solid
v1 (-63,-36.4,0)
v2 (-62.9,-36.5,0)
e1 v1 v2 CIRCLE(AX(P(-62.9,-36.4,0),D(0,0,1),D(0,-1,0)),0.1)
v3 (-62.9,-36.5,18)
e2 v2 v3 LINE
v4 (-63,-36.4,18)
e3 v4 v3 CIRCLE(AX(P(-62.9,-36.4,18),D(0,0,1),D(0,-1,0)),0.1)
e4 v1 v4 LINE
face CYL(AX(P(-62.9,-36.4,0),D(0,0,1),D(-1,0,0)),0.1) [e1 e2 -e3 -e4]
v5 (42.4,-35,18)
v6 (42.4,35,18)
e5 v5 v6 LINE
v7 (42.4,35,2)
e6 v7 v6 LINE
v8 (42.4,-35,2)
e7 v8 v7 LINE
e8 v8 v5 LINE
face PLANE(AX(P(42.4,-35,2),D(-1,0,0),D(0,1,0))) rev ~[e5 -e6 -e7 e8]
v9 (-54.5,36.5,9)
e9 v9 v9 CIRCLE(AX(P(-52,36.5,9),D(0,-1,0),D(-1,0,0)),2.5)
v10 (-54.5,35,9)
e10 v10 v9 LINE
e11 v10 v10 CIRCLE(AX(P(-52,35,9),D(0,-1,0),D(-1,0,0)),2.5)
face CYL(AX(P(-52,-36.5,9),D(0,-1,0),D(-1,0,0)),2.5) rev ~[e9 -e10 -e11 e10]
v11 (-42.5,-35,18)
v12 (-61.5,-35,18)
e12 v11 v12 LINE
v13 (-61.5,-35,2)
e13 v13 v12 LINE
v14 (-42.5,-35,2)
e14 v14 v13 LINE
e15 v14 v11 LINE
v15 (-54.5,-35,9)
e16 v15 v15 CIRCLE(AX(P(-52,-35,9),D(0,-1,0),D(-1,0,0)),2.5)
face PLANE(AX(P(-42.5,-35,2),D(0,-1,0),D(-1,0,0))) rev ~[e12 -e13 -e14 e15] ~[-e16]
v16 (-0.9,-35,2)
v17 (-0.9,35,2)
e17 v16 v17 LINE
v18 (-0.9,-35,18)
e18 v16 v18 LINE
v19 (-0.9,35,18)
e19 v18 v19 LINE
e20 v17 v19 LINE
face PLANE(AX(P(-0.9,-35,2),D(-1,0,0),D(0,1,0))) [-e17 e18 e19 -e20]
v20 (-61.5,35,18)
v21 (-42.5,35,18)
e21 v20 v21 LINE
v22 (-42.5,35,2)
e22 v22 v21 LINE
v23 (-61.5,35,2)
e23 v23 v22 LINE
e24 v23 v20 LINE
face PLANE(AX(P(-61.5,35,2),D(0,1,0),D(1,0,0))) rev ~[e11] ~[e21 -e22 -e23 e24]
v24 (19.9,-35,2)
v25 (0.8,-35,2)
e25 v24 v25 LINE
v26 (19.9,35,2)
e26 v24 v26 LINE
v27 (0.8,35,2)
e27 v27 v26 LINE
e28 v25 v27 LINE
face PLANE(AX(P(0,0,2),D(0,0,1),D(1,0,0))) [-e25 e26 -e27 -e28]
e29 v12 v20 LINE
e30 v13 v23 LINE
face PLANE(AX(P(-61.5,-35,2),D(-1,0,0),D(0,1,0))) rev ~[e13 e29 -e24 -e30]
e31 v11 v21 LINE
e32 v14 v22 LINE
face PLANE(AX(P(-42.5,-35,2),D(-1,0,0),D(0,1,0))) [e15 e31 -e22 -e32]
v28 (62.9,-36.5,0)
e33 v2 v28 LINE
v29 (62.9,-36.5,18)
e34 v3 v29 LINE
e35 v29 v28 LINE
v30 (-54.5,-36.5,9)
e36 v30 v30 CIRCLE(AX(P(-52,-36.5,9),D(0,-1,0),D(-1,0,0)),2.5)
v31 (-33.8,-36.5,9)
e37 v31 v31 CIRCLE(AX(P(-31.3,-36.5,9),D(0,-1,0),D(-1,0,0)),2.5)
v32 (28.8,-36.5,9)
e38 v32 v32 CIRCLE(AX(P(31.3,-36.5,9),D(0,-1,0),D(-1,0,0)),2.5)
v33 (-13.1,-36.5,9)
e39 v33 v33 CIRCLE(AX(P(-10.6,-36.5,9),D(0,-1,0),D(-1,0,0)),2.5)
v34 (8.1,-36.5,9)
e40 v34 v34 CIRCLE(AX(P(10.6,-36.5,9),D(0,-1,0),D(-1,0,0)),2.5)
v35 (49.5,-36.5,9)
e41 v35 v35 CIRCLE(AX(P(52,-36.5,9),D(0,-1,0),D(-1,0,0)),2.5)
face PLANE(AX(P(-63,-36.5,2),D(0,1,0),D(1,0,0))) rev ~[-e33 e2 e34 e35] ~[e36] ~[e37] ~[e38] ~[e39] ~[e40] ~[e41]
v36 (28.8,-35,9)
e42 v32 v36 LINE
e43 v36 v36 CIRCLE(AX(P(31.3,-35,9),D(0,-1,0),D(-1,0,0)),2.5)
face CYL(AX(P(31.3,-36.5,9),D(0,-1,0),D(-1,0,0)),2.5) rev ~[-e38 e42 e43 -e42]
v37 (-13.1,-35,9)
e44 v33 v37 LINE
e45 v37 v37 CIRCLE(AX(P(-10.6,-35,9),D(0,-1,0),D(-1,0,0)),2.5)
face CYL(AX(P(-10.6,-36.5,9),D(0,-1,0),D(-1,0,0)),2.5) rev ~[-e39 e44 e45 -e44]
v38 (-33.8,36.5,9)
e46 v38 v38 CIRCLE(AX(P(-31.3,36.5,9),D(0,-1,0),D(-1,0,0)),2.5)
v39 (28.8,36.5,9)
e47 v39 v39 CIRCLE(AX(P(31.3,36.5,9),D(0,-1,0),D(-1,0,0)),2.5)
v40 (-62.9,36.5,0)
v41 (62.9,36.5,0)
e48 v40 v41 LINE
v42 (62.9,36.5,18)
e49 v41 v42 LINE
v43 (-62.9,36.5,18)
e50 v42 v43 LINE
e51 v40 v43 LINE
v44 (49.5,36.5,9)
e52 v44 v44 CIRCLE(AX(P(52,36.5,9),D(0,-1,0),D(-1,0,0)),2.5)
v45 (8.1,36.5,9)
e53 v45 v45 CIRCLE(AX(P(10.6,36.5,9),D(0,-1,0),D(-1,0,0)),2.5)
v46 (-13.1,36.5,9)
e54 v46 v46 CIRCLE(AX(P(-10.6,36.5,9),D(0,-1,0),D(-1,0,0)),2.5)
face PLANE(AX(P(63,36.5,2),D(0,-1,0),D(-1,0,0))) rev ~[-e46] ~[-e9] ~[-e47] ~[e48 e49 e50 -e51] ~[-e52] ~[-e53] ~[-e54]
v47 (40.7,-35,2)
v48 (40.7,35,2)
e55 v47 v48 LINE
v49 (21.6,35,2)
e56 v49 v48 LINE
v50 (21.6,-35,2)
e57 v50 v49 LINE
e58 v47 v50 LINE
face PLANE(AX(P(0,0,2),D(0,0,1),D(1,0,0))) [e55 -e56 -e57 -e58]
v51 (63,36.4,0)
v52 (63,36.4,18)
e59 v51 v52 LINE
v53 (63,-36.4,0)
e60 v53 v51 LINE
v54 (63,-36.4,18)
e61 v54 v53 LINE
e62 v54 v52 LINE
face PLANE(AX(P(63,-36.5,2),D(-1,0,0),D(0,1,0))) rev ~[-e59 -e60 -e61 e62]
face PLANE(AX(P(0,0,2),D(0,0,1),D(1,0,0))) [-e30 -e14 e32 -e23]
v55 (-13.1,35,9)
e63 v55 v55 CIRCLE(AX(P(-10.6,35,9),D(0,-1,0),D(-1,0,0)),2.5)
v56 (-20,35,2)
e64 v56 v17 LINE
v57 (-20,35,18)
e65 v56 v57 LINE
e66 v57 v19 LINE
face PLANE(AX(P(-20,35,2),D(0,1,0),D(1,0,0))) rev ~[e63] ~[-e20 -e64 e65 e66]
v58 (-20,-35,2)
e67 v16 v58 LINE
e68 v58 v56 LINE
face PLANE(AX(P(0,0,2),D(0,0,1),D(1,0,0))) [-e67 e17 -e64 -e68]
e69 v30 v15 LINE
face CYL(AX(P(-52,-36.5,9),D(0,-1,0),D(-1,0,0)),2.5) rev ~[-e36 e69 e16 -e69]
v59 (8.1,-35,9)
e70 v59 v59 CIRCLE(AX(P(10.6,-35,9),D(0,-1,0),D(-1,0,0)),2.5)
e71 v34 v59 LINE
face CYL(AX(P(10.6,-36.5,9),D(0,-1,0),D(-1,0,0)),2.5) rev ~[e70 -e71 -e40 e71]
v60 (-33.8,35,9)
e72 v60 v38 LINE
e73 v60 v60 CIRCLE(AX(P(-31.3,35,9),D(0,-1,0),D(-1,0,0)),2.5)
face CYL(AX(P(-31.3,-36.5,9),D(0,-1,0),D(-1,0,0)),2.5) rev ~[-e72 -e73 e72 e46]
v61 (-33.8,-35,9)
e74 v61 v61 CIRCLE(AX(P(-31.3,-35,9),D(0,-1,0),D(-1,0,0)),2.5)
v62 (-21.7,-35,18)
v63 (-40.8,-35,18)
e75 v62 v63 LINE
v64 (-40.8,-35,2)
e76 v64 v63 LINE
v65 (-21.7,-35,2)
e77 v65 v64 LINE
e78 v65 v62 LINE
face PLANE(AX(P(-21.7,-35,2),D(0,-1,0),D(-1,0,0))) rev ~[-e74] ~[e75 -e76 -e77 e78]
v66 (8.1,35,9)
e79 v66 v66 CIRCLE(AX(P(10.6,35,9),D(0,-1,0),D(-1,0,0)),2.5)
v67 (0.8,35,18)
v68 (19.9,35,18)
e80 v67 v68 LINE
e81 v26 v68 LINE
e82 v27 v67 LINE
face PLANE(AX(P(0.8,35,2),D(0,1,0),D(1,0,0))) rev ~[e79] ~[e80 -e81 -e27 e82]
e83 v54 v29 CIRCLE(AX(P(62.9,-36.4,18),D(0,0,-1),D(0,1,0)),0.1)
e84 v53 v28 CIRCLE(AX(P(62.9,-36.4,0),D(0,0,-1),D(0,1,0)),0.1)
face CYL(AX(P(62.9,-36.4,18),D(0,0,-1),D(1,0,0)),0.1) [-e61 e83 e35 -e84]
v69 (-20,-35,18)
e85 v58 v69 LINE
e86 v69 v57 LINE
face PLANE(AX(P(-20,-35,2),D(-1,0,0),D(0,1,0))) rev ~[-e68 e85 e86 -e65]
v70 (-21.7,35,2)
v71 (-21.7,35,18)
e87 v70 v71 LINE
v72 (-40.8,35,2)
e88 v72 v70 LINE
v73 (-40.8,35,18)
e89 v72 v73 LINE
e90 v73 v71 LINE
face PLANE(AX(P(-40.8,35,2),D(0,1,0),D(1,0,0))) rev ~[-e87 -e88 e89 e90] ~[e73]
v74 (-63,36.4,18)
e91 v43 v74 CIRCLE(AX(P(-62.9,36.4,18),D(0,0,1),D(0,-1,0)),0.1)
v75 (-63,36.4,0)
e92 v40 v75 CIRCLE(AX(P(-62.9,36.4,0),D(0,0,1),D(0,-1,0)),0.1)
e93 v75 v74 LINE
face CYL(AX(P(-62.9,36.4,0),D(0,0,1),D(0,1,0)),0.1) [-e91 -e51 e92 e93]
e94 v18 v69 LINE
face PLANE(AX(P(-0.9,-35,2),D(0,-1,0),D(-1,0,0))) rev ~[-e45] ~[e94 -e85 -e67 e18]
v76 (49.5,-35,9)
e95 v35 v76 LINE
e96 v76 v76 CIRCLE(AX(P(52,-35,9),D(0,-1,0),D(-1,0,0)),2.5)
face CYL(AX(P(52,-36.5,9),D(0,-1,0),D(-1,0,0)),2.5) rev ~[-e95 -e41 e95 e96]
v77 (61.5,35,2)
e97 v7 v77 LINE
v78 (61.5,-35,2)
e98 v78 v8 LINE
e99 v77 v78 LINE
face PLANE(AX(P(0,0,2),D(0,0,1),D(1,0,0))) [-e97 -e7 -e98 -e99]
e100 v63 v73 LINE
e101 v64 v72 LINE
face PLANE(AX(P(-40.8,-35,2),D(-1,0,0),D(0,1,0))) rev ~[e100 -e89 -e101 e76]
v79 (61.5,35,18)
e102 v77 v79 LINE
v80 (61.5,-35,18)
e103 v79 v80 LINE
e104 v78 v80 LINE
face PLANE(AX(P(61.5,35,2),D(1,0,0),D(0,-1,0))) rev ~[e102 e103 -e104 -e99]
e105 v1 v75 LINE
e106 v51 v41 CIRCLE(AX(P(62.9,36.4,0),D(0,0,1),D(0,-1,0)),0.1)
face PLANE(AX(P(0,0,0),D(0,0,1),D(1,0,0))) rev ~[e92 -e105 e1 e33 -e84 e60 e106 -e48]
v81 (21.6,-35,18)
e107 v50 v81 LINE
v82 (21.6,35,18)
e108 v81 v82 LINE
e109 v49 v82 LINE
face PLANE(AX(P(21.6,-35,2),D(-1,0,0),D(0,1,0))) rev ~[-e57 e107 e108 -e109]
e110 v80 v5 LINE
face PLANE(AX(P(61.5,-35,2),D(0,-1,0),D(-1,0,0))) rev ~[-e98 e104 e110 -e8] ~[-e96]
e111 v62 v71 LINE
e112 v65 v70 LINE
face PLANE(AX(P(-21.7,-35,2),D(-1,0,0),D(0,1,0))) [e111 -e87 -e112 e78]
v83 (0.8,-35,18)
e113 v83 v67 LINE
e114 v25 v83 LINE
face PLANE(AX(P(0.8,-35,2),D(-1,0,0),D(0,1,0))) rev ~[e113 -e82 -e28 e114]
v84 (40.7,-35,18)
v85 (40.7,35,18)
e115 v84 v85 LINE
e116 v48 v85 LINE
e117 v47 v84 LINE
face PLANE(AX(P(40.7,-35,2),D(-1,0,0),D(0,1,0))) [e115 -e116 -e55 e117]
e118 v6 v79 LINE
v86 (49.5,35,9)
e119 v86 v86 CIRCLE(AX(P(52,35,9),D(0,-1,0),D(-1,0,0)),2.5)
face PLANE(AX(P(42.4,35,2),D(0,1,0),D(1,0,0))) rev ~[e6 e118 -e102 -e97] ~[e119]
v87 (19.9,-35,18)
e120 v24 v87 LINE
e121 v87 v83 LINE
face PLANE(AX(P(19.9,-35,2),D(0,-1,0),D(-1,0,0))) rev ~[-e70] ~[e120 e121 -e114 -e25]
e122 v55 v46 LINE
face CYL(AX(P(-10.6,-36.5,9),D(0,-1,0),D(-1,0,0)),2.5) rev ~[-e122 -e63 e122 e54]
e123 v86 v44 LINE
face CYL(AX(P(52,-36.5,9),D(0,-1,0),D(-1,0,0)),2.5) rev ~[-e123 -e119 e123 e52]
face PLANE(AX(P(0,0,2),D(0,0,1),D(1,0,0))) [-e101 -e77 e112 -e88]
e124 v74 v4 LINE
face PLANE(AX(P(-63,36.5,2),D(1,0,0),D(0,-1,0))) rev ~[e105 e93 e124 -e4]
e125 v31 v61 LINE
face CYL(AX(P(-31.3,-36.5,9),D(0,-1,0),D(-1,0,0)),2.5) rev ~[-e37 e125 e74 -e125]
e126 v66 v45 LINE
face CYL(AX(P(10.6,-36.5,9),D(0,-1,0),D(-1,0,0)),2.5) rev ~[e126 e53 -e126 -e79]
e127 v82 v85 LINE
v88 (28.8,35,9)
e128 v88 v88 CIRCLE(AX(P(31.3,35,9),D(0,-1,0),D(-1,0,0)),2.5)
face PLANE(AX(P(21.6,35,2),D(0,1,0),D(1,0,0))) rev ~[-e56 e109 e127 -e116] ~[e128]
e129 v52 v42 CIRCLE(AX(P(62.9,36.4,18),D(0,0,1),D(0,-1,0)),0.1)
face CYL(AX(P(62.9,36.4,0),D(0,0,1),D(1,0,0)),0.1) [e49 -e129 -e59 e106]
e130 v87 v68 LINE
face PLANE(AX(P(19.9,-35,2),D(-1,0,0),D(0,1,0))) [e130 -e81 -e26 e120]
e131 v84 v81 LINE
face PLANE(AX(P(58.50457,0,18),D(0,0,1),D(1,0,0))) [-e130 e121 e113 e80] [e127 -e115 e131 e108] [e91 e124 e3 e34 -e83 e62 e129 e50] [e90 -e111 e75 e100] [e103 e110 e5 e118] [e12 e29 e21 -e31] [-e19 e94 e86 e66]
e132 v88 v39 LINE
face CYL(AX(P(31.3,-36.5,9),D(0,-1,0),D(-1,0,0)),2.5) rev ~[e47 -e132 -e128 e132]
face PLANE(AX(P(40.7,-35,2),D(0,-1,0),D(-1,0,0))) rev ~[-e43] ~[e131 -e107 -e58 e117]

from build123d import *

# Parameters (mm, degrees)
F0_W     = 126
F0_H     = 73
F1_DEPTH = 2
F2_W     = 1.7
F2_H     = 1.5
F2_W_2   = 19.1
F2_H_2   = 70
F3_DEPTH = 16
F5_DEPTH = 100
F6_R     = 0.1


with BuildPart() as f1:
    # F0 (on Top) → F1 (new body)
    with BuildSketch(Plane.XY):
        Rectangle(F0_W, F0_H)
    extrude(amount=F1_DEPTH)

    # F2 (on face) → F3 (join)
    with BuildSketch(Plane.XY.offset(2)):
        Polygon((42.4, 35), (61.5, 35), (61.5, -35), (42.4, -35), (42.4, -36.5), (63, -36.5), (63, 36.5), (42.4, 36.5), align=None)
        with Locations((41.55, 35.75)):
            Rectangle(F2_W, F2_H)
        with Locations((31.15, 35.75)):
            Rectangle(F2_W_2, F2_H)
        with Locations((41.55, -35.75)):
            Rectangle(F2_W, F2_H)
        with Locations((20.75, 35.75)):
            Rectangle(F2_W, F2_H)
        with Locations((31.15, -35.75)):
            Rectangle(F2_W_2, F2_H)
        with Locations((10.35, 35.75)):
            Rectangle(F2_W_2, F2_H)
        with Locations((20.75, -35.75)):
            Rectangle(F2_W, F2_H)
        with Locations((-0.05, 35.75)):
            Rectangle(F2_W, F2_H)
        with Locations((10.35, -35.75)):
            Rectangle(F2_W_2, F2_H)
        with Locations((-10.45, 35.75)):
            Rectangle(F2_W_2, F2_H)
        with Locations((-0.05, -35.75)):
            Rectangle(F2_W, F2_H)
        with Locations((-20.85, 35.75)):
            Rectangle(F2_W, F2_H)
        with Locations((-10.45, -35.75)):
            Rectangle(F2_W_2, F2_H)
        with Locations((-31.25, 35.75)):
            Rectangle(F2_W_2, F2_H)
        with Locations((-20.85, -35.75)):
            Rectangle(F2_W, F2_H)
        with Locations((-41.65, 35.75)):
            Rectangle(F2_W, F2_H)
        with Locations((-31.25, -35.75)):
            Rectangle(F2_W_2, F2_H)
        Polygon((-61.5, 35), (-42.5, 35), (-42.5, 36.5), (-63, 36.5), (-63, -36.5), (-42.5, -36.5), (-42.5, -35), (-61.5, -35), align=None)
        with Locations((-41.65, -35.75)):
            Rectangle(F2_W, F2_H)
        with Locations((-41.65, 0)):
            Rectangle(F2_W, F2_H_2)
        with Locations((-20.85, 0)):
            Rectangle(F2_W, F2_H_2)
        with Locations((-0.05, 0)):
            Rectangle(F2_W, F2_H_2)
        with Locations((20.75, 0)):
            Rectangle(F2_W, F2_H_2)
        with Locations((41.55, 0)):
            Rectangle(F2_W, F2_H_2)
    extrude(amount=F3_DEPTH)

    # F4 (on face) → F5 (cut)
    with BuildSketch(Plane.XZ.offset(36.5)):
        with BuildLine():
            ThreePointArc((-49.5, 9), (-52, 11.5), (-54.5, 9))
            Line((-54.5, 9), (-49.5, 9))
        make_face()
        with BuildLine():
            ThreePointArc((54.5, 9), (52, 11.5), (49.5, 9))
            Line((49.5, 9), (54.5, 9))
        make_face()
        with BuildLine():
            Line((54.5, 9), (49.5, 9))
            ThreePointArc((49.5, 9), (52, 6.5), (54.5, 9))
        make_face()
        with BuildLine():
            ThreePointArc((33.8, 9), (31.3, 11.5), (28.8, 9))
            Line((28.8, 9), (33.8, 9))
        make_face()
        with BuildLine():
            Line((33.8, 9), (28.8, 9))
            ThreePointArc((28.8, 9), (31.3, 6.5), (33.8, 9))
        make_face()
        with BuildLine():
            ThreePointArc((13.1, 9), (10.6, 11.5), (8.1, 9))
            Line((8.1, 9), (13.1, 9))
        make_face()
        with BuildLine():
            Line((13.1, 9), (8.1, 9))
            ThreePointArc((8.1, 9), (10.6, 6.5), (13.1, 9))
        make_face()
        with BuildLine():
            ThreePointArc((-8.1, 9), (-10.6, 11.5), (-13.1, 9))
            Line((-13.1, 9), (-8.1, 9))
        make_face()
        with BuildLine():
            Line((-8.1, 9), (-13.1, 9))
            ThreePointArc((-13.1, 9), (-10.6, 6.5), (-8.1, 9))
        make_face()
        with BuildLine():
            ThreePointArc((-28.8, 9), (-31.3, 11.5), (-33.8, 9))
            Line((-33.8, 9), (-28.8, 9))
        make_face()
        with BuildLine():
            Line((-28.8, 9), (-33.8, 9))
            ThreePointArc((-33.8, 9), (-31.3, 6.5), (-28.8, 9))
        make_face()
        with BuildLine():
            Line((-49.5, 9), (-54.5, 9))
            ThreePointArc((-54.5, 9), (-52, 6.5), (-49.5, 9))
        make_face()
    extrude(amount=-F5_DEPTH, mode=Mode.SUBTRACT)

    # F6
    f6_edges = [f1.edges().sort_by_distance(p)[0] for p in [
        (-63, -36.5, 9),
        (63, -36.5, 9),
        (63, 36.5, 9),
        (-63, 36.5, 9),
    ]]
    fillet(f6_edges, radius=F6_R)


solid = f1.part
